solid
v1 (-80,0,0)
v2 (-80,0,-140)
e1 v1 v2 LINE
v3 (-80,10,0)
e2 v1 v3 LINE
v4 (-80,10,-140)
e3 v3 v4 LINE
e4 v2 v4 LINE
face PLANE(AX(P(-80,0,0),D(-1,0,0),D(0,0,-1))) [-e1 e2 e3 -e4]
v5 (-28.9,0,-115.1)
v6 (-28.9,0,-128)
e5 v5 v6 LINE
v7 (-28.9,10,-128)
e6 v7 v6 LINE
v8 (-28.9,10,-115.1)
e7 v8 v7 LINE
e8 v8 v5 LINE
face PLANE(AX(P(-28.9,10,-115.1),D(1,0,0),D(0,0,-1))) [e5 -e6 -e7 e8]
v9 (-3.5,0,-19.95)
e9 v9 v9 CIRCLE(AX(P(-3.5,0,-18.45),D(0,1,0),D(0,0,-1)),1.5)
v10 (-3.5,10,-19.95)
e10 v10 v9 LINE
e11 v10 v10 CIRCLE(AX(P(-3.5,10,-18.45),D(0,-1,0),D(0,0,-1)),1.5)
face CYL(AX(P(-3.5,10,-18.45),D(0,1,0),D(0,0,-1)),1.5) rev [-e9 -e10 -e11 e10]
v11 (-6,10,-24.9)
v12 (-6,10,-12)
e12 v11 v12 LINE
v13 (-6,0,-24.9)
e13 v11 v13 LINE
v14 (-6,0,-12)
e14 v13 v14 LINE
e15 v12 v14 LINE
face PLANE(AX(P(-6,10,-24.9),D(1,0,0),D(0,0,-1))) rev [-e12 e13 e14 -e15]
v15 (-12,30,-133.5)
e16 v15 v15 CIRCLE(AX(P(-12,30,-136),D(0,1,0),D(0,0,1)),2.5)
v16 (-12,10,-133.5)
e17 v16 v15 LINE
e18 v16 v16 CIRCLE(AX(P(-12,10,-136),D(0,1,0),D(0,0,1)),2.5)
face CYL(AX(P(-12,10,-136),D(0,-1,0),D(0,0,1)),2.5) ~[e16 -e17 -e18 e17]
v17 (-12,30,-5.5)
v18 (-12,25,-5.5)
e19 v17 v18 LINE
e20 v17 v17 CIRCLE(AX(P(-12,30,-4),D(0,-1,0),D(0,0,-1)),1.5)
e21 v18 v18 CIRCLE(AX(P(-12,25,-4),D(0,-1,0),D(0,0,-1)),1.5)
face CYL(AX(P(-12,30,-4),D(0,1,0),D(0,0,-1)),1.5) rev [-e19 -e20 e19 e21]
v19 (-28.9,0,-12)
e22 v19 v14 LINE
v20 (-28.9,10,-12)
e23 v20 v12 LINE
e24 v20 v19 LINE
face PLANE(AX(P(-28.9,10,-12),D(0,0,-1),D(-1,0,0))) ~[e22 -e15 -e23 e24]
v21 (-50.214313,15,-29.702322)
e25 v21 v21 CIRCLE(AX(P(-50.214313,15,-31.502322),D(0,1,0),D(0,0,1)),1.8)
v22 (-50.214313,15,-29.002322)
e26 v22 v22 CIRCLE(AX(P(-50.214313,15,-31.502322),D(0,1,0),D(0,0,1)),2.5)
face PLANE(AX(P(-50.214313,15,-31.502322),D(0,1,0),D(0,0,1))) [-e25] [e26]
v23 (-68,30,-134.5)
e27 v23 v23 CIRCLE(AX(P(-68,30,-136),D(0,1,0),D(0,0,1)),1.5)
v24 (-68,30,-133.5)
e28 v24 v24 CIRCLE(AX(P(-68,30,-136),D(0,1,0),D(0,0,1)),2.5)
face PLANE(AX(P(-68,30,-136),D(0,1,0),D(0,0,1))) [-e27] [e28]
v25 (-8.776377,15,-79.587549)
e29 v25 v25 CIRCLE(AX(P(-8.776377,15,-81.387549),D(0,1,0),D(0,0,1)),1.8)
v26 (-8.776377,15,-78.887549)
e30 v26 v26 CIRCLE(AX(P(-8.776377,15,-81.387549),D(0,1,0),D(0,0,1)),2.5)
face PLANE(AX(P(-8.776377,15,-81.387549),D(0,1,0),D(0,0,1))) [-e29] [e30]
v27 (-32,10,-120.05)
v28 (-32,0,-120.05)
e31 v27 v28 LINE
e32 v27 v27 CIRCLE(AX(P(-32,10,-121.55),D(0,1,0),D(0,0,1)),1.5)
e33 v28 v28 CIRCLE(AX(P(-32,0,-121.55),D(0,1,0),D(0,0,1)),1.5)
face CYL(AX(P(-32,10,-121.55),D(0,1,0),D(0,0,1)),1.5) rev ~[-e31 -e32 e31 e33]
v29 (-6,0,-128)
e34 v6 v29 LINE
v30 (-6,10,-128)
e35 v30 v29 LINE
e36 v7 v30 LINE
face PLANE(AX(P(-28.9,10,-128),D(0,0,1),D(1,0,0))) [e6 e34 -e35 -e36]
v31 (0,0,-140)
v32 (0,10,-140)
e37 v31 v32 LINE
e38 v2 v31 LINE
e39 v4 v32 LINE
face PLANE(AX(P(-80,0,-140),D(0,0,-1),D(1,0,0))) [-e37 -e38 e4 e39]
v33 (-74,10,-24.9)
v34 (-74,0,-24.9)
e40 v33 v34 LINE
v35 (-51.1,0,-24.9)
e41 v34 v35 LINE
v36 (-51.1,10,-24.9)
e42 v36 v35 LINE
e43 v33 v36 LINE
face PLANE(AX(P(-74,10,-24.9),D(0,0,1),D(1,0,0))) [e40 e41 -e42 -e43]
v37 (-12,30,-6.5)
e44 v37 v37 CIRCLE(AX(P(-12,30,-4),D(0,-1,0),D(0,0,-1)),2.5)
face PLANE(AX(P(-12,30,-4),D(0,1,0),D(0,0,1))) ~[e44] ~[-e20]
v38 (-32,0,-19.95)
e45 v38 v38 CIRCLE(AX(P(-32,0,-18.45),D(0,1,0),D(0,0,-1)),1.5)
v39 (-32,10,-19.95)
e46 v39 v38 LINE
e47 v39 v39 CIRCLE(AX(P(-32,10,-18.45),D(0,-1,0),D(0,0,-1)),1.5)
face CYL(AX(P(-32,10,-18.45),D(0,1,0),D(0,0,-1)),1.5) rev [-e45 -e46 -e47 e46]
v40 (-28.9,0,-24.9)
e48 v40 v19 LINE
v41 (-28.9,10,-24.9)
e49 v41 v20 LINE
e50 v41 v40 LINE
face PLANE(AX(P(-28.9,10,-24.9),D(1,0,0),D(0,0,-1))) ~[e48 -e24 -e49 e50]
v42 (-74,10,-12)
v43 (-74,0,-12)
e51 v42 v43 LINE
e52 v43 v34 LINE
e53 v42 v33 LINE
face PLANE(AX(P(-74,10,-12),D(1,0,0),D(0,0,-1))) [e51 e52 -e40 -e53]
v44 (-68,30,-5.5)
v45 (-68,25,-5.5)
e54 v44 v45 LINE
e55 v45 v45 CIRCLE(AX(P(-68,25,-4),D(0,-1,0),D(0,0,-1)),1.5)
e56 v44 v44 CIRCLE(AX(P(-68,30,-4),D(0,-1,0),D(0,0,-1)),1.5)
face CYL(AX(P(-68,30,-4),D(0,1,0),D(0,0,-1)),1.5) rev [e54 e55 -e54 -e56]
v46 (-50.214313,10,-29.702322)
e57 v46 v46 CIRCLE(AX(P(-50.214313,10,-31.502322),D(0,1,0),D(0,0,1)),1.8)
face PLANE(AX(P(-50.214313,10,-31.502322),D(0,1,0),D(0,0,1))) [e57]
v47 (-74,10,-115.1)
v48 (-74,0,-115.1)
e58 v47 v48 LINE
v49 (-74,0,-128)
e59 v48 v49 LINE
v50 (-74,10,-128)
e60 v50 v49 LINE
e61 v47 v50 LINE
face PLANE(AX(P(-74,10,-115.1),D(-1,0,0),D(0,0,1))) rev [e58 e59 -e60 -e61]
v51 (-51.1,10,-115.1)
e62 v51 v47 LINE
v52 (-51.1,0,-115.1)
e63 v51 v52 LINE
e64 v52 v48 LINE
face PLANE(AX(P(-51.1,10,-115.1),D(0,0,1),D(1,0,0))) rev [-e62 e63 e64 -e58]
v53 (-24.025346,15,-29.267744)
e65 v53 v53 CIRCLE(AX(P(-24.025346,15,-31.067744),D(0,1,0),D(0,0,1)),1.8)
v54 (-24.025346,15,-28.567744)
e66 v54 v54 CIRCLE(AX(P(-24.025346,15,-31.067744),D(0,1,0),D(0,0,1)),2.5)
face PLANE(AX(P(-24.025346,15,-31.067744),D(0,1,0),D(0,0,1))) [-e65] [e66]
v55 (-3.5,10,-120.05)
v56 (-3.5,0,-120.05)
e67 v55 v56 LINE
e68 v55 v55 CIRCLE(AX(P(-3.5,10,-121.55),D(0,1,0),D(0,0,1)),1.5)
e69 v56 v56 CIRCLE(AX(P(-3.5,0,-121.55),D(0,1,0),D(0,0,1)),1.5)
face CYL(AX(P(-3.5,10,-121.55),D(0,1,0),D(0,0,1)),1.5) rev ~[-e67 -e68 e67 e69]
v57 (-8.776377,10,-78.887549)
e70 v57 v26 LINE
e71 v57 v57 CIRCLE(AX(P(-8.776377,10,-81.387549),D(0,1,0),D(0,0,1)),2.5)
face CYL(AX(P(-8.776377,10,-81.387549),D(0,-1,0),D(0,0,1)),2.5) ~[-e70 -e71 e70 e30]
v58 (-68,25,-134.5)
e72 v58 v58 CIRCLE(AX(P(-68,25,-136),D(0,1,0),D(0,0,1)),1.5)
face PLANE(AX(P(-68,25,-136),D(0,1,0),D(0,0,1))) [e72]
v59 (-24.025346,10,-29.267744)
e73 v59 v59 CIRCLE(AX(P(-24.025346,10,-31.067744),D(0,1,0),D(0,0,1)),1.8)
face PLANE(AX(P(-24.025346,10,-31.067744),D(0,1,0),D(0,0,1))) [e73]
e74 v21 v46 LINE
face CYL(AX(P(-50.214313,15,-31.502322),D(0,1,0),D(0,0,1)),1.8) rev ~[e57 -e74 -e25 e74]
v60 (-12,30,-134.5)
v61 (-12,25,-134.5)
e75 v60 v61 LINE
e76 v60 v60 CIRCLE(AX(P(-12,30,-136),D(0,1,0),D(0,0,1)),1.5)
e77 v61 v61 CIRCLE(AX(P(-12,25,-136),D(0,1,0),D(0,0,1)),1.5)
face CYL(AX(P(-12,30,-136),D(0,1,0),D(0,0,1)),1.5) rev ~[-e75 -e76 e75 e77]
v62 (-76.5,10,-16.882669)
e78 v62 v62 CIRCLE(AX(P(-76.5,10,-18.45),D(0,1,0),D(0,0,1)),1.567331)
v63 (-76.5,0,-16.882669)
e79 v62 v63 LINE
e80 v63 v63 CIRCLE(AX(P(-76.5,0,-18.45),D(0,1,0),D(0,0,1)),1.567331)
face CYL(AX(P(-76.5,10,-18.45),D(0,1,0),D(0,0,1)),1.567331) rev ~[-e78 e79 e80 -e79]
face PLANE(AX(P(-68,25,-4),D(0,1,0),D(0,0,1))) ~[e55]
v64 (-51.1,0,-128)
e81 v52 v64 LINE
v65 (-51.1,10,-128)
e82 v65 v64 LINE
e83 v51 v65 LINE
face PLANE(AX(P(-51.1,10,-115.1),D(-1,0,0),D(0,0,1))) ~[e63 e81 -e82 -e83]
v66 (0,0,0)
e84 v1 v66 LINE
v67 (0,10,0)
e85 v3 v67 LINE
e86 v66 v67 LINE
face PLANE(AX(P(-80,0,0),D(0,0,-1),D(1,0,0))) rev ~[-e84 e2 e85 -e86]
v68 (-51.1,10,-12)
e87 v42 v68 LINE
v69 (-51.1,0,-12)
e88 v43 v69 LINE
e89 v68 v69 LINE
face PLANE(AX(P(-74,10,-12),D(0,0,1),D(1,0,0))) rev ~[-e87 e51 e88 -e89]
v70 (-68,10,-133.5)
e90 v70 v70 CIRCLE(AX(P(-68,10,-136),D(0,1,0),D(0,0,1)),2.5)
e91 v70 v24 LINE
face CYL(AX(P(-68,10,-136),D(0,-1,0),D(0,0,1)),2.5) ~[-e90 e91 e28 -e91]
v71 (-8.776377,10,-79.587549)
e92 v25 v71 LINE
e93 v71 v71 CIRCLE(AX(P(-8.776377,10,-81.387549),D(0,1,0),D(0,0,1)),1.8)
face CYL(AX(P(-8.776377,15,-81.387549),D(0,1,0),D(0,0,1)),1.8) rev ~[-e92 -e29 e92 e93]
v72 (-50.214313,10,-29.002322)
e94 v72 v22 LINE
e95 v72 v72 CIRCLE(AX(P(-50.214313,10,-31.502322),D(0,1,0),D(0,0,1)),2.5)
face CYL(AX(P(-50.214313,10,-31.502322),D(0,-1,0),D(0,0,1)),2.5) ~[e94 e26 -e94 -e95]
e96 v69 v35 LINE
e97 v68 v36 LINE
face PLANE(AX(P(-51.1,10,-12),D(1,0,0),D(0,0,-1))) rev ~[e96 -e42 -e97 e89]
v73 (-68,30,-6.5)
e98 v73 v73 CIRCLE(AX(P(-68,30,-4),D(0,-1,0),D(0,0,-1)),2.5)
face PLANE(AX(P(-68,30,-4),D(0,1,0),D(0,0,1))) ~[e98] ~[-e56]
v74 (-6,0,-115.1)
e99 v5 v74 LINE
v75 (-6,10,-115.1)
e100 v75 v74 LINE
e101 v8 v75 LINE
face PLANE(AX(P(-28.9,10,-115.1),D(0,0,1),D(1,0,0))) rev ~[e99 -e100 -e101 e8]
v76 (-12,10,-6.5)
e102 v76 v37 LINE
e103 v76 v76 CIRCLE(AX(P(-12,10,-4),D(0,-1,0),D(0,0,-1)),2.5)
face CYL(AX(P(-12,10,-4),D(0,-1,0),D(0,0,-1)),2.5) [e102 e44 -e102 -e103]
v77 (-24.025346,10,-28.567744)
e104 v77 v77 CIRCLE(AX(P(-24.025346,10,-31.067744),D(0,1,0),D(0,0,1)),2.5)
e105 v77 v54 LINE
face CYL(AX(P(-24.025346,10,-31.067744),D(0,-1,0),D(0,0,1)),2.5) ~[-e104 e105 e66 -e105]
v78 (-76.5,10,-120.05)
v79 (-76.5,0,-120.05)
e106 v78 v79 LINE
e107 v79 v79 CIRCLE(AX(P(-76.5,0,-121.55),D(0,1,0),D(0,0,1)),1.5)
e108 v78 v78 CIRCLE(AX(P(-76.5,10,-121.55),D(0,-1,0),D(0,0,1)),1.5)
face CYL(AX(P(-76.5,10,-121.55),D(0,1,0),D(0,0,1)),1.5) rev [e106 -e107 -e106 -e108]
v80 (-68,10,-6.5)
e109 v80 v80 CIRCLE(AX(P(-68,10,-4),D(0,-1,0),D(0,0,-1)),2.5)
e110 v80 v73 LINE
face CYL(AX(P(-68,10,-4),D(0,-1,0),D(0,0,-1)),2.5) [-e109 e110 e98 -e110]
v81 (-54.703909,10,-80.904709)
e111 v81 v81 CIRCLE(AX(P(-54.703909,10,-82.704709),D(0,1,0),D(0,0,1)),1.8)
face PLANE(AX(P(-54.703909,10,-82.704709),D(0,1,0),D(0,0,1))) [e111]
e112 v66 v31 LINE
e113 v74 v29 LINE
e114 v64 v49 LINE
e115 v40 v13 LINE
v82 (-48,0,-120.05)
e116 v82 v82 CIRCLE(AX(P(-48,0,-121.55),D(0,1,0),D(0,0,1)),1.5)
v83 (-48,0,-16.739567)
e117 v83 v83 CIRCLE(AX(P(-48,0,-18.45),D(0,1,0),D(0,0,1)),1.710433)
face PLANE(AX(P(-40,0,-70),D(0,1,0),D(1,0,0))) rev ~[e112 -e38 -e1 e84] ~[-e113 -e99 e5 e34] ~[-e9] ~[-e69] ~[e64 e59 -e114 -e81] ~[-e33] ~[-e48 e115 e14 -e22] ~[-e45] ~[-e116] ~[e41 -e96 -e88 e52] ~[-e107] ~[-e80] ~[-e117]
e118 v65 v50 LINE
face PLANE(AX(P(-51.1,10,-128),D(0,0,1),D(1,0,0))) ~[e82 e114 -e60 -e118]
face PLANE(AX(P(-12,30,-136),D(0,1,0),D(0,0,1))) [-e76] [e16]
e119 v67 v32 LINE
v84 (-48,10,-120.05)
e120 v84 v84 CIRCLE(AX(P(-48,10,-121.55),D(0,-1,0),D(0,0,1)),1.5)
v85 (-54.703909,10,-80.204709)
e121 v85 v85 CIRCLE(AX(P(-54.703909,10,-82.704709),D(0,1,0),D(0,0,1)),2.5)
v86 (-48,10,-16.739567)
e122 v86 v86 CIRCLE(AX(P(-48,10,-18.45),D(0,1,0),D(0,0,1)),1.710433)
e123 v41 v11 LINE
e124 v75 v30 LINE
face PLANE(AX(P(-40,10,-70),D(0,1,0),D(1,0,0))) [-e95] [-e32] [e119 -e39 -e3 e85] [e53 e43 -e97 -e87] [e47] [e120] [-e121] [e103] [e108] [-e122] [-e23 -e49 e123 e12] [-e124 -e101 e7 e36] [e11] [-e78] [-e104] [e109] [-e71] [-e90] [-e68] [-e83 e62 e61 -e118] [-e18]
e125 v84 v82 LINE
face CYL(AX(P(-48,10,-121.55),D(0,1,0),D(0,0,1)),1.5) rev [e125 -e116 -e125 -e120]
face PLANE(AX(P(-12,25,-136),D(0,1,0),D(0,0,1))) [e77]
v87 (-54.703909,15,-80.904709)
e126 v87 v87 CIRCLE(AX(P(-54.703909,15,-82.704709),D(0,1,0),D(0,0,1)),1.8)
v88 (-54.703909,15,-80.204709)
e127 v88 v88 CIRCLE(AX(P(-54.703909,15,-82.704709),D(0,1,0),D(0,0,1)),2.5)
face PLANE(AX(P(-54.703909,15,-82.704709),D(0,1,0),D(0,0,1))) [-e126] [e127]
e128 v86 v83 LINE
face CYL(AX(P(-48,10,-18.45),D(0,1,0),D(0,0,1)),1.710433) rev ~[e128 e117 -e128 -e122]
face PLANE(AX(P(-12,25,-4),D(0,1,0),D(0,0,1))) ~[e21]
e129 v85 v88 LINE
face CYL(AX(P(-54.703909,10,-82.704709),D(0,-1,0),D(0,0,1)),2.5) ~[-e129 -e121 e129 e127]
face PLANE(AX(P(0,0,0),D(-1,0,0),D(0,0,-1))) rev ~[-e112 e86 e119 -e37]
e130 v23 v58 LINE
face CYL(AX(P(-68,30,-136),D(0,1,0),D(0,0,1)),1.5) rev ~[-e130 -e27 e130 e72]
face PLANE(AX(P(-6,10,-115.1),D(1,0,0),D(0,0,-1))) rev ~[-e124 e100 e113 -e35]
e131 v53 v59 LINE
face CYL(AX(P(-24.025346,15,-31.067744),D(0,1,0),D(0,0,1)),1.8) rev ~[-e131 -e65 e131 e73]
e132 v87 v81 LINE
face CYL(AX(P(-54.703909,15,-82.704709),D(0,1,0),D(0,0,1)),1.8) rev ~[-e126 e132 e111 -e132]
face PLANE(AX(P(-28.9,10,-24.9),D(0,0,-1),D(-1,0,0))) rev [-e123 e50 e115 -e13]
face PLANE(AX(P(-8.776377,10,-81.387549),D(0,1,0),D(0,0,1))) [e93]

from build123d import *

# Parameters (mm, degrees)
SKETCH1_W           = 80
SKETCH1_H           = 140
BOSS_EXTRUDE1_DEPTH = 10
SKETCH4_W           = 22.9
SKETCH4_H           = 12.9
CUT_EXTRUDE2_DEPTH  = 162.554944214
SKETCH6_R           = 1.5
CUT_EXTRUDE4_DEPTH  = 162.554944214
SKETCH9_W           = 22.9
SKETCH9_H           = 12.9
CUT_EXTRUDE5_DEPTH  = 162.554944214
SKETCH13_R          = 2.5
BOSS_EXTRUDE2_DEPTH = 20
SKETCH14_R          = 1.5
CUT_EXTRUDE8_DEPTH  = 5
SKETCH15_R          = 2.5
BOSS_EXTRUDE3_DEPTH = 20
SKETCH16_R          = 1.5
CUT_EXTRUDE9_DEPTH  = 5
SKETCH17_R          = 1.567331153
SKETCH17_R_2        = 1.710433461
CUT_EXTRUDE10_DEPTH = 163.480768093
SKETCH24_R          = 2.5
BOSS_EXTRUDE5_DEPTH = 5
SKETCH26_R          = 1.8
CUT_EXTRUDE11_DEPTH = 5


with BuildPart() as part:
    # Sketch1 → Boss-Extrude1 (new body)
    with BuildSketch(Plane(origin=(0, 0, 0), x_dir=(1, 0, 0), z_dir=(0, 1, 0))):
        with Locations((-40, 70)):
            Rectangle(SKETCH1_W, SKETCH1_H)
    extrude(amount=BOSS_EXTRUDE1_DEPTH)

    # Sketch4 → Cut-Extrude2 (cut, through all)
    with BuildSketch(Plane(origin=(0, 10, 0), x_dir=(1, 0, 0), z_dir=(0, 1, 0))):
        with Locations((-17.45, 121.55)):
            Rectangle(SKETCH4_W, SKETCH4_H)
    cut_extrude2 = extrude(amount=-CUT_EXTRUDE2_DEPTH, mode=Mode.SUBTRACT)

    # Sketch6 → Cut-Extrude4 (cut, through all)
    with BuildSketch(Plane(origin=(0, 10, 0), x_dir=(1, 0, 0), z_dir=(0, 1, 0))):
        with Locations(Location((-3.5, 121.55, 0), (0, 0, 270))):
            Circle(SKETCH6_R)
        with Locations(Location((-32, 121.55, 0), (0, 0, 270))):
            Circle(SKETCH6_R)
    cut_extrude4 = extrude(amount=-CUT_EXTRUDE4_DEPTH, mode=Mode.SUBTRACT)

    # Mirror4: Cut-Extrude2, Cut-Extrude4 across plane
    add(cut_extrude2.mirror(Plane.XY.offset(-70)), mode=Mode.SUBTRACT)
    add(cut_extrude4.mirror(Plane.XY.offset(-70)), mode=Mode.SUBTRACT)

    # Mirror15: Cut-Extrude2, Cut-Extrude4 across plane
    add(cut_extrude2.mirror(Plane.ZY.offset(40)), mode=Mode.SUBTRACT)
    add(cut_extrude4.mirror(Plane.ZY.offset(40)), mode=Mode.SUBTRACT)

    # Sketch9 → Cut-Extrude5 (cut, through all)
    with BuildSketch(Plane(origin=(0, 10, 0), x_dir=(1, 0, 0), z_dir=(0, 1, 0))):
        with Locations((-62.55, 18.45)):
            Rectangle(SKETCH9_W, SKETCH9_H)
    extrude(amount=-CUT_EXTRUDE5_DEPTH, mode=Mode.SUBTRACT)

    # Sketch13 → Boss-Extrude2 (add)
    with BuildSketch(Plane(origin=(0, 10, 0), x_dir=(1, 0, 0), z_dir=(0, 1, 0))):
        with Locations(Location((-68, 136, 0), (0, 0, 270))):
            Circle(SKETCH13_R)
    boss_extrude2 = extrude(amount=BOSS_EXTRUDE2_DEPTH)

    # Sketch14 → Cut-Extrude8 (cut)
    with BuildSketch(Plane(origin=(0, 30, 0), x_dir=(1, 0, 0), z_dir=(0, 1, 0))):
        with Locations(Location((-68, 136, 0), (0, 0, 270))):
            Circle(SKETCH14_R)
    cut_extrude8 = extrude(amount=-CUT_EXTRUDE8_DEPTH, mode=Mode.SUBTRACT)

    # Sketch15 → Boss-Extrude3 (add)
    with BuildSketch(Plane(origin=(0, 10, 0), x_dir=(1, 0, 0), z_dir=(0, 1, 0))):
        with Locations(Location((-12, 136, 0), (0, 0, 270))):
            Circle(SKETCH15_R)
    boss_extrude3 = extrude(amount=BOSS_EXTRUDE3_DEPTH)

    # Sketch16 → Cut-Extrude9 (cut)
    with BuildSketch(Plane(origin=(0, 30, 0), x_dir=(1, 0, 0), z_dir=(0, 1, 0))):
        with Locations(Location((-12, 136, 0), (0, 0, 270))):
            Circle(SKETCH16_R)
    cut_extrude9 = extrude(amount=-CUT_EXTRUDE9_DEPTH, mode=Mode.SUBTRACT)

    # Mirror22: Boss-Extrude2, Cut-Extrude8, Boss-Extrude3, Cut-Extrude9 across plane
    add(boss_extrude2.mirror(Plane.XY.offset(-70)))
    add(cut_extrude8.mirror(Plane.XY.offset(-70)), mode=Mode.SUBTRACT)
    add(boss_extrude3.mirror(Plane.XY.offset(-70)))
    add(cut_extrude9.mirror(Plane.XY.offset(-70)), mode=Mode.SUBTRACT)

    # Sketch17 → Cut-Extrude10 (cut, through all)
    with BuildSketch(Plane(origin=(0, 10, 0), x_dir=(1, 0, 0), z_dir=(0, 1, 0))):
        with Locations(Location((-76.5, 18.45, 0), (0, 0, 270))):
            Circle(SKETCH17_R)
        with Locations(Location((-48, 18.45, 0), (0, 0, 270))):
            Circle(SKETCH17_R_2)
    extrude(amount=-CUT_EXTRUDE10_DEPTH, mode=Mode.SUBTRACT)

    # Sketch24 → Boss-Extrude5 (add)
    with BuildSketch(Plane(origin=(0, 10, 0), x_dir=(1, 0, 0), z_dir=(0, 1, 0))):
        with Locations(Location((-54.703909306, 82.704708795, 0), (0, 0, 270))):
            Circle(SKETCH24_R)
        with Locations(Location((-8.776377109, 81.387548885, 0), (0, 0, 270))):
            Circle(SKETCH24_R)
        with Locations(Location((-24.025346163, 31.067743918, 0), (0, 0, 270))):
            Circle(SKETCH24_R)
        with Locations(Location((-50.214312923, 31.502322072, 0), (0, 0, 270))):
            Circle(SKETCH24_R)
    extrude(amount=BOSS_EXTRUDE5_DEPTH)

    # Sketch26 → Cut-Extrude11 (cut)
    with BuildSketch(Plane(origin=(0, 15, 0), x_dir=(1, 0, 0), z_dir=(0, 1, 0))):
        with Locations(Location((-54.703909306, 82.704708795, 0), (0, 0, 270))):
            Circle(SKETCH26_R)
        with Locations(Location((-8.776377109, 81.387548885, 0), (0, 0, 270))):
            Circle(SKETCH26_R)
        with Locations(Location((-24.025346163, 31.067743918, 0), (0, 0, 270))):
            Circle(SKETCH26_R)
        with Locations(Location((-50.214312923, 31.502322072, 0), (0, 0, 270))):
            Circle(SKETCH26_R)
    extrude(amount=-CUT_EXTRUDE11_DEPTH, mode=Mode.SUBTRACT)


solid = part.part
